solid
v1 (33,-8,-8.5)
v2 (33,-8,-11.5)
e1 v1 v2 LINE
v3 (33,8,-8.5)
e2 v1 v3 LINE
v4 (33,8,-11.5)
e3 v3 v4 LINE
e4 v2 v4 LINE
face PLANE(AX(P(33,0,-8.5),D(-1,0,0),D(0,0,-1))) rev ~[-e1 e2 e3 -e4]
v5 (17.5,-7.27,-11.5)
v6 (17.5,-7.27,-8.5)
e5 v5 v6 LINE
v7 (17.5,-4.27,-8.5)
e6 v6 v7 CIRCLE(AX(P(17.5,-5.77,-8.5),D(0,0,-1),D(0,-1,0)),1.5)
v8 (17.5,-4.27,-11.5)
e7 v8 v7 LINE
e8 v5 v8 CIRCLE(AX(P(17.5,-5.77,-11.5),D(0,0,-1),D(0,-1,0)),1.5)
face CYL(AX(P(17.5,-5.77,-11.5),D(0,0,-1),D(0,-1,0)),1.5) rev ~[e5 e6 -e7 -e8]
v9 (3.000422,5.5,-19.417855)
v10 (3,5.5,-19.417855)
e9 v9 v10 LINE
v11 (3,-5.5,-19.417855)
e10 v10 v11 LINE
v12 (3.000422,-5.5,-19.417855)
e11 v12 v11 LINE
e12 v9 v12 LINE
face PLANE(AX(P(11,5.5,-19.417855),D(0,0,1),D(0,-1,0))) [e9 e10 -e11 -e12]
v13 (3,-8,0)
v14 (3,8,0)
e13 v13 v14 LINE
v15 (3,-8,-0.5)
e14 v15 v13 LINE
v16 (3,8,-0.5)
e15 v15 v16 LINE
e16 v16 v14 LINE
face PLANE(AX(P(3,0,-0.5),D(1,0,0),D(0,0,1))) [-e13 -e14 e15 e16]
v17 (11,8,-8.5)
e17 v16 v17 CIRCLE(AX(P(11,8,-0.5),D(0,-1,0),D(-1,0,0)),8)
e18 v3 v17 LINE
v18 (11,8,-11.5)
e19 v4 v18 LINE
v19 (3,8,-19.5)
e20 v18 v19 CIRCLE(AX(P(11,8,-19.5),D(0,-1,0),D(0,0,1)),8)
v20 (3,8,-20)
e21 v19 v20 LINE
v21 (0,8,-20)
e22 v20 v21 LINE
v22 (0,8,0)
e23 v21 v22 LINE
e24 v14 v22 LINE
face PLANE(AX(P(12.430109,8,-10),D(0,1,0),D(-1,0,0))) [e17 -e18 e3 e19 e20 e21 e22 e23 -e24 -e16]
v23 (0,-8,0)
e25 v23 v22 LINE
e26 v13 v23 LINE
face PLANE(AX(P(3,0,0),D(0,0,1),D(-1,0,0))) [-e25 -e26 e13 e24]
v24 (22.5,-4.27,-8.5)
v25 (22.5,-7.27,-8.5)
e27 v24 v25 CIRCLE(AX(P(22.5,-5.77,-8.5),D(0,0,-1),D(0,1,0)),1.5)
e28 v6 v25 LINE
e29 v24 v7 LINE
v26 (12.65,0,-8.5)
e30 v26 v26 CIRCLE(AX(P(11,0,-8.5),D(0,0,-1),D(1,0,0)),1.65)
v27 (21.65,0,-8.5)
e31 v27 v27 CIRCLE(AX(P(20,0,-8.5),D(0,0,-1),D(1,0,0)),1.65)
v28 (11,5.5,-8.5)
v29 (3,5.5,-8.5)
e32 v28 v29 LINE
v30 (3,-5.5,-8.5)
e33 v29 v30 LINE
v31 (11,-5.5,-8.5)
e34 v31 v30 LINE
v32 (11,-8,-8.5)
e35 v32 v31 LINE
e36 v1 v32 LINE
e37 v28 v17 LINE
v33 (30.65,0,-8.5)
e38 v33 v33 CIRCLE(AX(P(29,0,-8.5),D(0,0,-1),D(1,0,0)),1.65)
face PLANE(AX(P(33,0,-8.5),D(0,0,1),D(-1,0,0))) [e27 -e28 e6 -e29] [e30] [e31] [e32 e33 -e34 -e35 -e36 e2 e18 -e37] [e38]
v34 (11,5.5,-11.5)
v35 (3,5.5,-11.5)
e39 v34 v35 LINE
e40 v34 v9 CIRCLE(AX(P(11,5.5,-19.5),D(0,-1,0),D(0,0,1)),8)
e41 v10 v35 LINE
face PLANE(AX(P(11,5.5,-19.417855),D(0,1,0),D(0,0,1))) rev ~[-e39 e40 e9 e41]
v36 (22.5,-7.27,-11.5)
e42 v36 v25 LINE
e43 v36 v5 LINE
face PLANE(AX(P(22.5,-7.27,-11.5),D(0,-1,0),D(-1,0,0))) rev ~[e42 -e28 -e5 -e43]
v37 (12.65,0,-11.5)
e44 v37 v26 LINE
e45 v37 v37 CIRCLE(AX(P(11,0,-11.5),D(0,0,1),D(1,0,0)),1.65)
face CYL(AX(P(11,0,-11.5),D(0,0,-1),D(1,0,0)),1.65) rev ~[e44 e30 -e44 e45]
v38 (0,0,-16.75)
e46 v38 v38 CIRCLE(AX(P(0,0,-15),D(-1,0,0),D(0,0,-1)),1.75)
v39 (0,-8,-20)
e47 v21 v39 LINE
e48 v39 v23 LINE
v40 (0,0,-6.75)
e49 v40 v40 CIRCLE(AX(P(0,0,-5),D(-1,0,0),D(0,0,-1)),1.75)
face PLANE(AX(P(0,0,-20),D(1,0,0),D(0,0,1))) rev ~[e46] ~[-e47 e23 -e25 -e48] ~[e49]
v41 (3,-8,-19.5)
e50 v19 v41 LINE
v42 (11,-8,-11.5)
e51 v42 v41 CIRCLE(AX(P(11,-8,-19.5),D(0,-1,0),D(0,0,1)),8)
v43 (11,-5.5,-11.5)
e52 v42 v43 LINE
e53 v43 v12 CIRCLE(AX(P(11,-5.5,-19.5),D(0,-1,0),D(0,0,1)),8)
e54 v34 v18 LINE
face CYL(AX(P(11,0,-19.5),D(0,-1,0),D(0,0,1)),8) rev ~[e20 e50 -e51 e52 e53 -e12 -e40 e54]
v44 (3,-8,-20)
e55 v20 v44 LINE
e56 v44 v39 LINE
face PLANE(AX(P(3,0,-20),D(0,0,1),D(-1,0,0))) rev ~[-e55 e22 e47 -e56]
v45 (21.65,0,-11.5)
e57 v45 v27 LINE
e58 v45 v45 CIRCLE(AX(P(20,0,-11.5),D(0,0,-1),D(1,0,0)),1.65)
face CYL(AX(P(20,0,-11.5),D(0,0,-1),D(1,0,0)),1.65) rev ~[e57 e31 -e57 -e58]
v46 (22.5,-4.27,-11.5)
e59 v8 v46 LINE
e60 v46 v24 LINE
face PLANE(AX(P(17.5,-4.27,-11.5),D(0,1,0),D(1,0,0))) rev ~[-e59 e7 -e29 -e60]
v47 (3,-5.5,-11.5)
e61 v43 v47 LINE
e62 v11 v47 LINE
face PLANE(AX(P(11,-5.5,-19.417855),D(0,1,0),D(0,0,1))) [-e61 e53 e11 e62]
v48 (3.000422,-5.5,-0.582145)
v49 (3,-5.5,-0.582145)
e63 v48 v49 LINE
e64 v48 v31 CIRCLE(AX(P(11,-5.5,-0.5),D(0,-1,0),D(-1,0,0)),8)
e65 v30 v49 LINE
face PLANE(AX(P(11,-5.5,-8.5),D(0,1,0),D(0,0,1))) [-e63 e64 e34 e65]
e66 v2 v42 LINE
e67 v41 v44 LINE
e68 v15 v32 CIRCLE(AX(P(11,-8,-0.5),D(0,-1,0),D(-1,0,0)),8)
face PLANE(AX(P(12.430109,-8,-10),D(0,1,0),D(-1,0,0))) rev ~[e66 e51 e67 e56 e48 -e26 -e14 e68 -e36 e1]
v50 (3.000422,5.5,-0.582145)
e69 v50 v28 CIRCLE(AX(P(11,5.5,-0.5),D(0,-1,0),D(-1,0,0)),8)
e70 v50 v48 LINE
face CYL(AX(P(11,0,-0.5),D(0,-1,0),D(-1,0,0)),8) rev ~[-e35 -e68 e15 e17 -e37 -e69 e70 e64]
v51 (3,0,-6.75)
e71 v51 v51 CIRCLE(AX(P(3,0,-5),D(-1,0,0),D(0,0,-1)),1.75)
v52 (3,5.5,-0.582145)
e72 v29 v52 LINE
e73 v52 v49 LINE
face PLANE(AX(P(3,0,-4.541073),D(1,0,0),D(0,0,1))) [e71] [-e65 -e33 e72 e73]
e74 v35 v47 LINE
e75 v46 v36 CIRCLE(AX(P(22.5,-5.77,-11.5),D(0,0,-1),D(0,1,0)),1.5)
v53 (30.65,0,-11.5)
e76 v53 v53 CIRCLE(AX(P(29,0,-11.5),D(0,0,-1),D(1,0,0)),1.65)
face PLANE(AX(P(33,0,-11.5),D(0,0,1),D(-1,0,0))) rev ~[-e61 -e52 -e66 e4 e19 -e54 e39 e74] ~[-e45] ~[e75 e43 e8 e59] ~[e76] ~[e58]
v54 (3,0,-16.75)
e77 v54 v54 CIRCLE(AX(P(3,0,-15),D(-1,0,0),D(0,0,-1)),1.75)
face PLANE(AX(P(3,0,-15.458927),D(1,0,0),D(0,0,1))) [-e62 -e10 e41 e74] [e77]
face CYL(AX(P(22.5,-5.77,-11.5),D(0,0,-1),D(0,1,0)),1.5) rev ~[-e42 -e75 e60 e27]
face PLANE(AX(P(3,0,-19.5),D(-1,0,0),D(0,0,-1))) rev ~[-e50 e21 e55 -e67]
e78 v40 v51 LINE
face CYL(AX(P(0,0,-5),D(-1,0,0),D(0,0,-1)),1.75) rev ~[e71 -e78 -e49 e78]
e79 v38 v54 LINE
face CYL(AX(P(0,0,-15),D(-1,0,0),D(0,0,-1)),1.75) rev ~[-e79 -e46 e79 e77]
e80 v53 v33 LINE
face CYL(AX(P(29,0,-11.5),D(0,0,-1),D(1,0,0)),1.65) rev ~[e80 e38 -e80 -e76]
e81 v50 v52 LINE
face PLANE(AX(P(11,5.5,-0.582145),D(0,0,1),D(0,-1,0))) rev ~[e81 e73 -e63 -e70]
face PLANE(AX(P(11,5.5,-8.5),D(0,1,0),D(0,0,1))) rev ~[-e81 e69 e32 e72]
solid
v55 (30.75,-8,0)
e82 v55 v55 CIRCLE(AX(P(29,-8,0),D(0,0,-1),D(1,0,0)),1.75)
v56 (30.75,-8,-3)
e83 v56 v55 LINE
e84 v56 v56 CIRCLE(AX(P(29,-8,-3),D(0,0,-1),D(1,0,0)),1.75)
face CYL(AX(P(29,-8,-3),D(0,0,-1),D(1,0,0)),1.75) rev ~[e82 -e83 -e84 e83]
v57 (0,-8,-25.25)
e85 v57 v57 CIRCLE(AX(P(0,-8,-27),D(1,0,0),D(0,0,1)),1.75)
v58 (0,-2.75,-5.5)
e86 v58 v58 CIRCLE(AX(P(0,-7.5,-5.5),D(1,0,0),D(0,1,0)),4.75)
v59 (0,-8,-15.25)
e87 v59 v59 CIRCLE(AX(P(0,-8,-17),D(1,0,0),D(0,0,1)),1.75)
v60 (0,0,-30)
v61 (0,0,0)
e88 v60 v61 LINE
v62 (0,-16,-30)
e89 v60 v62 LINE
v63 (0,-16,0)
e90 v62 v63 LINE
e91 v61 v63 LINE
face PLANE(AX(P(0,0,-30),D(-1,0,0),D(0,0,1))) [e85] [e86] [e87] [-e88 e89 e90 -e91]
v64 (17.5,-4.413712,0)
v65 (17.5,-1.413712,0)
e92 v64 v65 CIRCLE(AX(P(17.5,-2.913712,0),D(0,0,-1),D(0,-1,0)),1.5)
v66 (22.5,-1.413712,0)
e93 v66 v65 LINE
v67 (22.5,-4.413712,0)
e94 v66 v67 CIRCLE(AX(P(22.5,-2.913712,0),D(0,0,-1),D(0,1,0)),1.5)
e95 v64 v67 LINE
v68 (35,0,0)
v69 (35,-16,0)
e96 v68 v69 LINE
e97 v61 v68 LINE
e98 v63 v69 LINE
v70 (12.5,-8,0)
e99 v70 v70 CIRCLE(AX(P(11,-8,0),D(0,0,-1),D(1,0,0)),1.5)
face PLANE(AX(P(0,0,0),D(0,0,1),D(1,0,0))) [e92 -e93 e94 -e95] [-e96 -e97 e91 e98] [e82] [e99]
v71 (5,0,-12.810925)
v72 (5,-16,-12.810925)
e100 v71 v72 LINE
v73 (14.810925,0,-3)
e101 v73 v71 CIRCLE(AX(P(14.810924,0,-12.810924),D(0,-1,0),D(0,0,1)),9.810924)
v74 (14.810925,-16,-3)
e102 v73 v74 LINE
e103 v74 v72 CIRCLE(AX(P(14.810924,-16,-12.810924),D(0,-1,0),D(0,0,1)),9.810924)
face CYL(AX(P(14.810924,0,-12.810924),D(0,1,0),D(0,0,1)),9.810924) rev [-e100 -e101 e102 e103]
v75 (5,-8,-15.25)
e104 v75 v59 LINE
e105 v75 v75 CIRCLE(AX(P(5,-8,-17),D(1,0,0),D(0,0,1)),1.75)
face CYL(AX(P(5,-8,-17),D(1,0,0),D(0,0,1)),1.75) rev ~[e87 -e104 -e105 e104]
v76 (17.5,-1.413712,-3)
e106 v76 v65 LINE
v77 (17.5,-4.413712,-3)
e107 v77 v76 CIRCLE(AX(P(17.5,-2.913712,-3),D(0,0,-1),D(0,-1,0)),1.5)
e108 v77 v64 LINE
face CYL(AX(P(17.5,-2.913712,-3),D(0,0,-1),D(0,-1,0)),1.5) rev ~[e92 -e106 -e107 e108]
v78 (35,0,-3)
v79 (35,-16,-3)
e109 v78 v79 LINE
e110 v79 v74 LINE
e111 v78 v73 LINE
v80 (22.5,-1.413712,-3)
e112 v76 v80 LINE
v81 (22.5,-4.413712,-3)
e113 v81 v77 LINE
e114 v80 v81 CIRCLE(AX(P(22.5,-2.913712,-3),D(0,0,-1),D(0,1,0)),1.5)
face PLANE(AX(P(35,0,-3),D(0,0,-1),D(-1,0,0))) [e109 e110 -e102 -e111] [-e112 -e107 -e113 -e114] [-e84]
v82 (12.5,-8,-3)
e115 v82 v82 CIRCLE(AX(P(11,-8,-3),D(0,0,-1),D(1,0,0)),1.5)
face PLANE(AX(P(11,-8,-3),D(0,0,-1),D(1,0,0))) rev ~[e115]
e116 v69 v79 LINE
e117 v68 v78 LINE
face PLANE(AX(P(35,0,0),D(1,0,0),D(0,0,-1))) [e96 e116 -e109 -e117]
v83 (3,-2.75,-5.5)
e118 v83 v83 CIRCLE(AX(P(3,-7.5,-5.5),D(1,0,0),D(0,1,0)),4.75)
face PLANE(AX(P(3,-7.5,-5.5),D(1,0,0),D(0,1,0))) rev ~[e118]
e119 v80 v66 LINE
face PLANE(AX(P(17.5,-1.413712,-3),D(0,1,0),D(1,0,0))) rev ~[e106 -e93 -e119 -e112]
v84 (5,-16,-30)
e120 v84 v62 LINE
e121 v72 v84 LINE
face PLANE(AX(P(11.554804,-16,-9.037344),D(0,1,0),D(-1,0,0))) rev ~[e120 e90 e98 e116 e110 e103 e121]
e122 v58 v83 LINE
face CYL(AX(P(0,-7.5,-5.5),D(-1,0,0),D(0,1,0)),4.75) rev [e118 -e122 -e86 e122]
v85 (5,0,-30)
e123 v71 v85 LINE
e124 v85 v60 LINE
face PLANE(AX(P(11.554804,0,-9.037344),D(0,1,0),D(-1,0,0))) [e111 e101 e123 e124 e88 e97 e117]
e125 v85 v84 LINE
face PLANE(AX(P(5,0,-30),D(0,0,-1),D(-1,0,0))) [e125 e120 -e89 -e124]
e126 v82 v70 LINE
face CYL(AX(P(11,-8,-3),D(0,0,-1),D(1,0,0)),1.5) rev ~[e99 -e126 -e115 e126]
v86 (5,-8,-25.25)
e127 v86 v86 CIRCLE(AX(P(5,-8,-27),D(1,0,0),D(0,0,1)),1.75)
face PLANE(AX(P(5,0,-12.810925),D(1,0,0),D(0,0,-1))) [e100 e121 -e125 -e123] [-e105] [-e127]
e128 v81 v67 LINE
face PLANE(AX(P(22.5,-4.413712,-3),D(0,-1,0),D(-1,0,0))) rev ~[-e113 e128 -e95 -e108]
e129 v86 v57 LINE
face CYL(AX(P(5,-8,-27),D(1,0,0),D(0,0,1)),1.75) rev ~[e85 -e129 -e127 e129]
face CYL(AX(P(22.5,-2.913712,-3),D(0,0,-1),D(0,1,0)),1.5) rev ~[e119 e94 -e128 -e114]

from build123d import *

# Parameters (mm, degrees)
PAD_DEPTH       = 8
SKETCH001_R     = 1.65
POCKET_DEPTH    = 11.501
SKETCH002_R     = 1.75
POCKET001_DEPTH = 33.001
SKETCH004_W     = 7.917855
SKETCH004_H     = 11
POCKET003_DEPTH = 8
PAD001_DEPTH    = 16
SKETCH006_R     = 1.5
SKETCH006_R_2   = 1.75
POCKET004_DEPTH = 3.001
SKETCH007_R     = 1.75
POCKET005_DEPTH = 5.001
SKETCH003_R     = 4.75
POCKET002_DEPTH = 3


with BuildPart() as touch_bracket_middle:
    # Sketch → Pad (new body, symmetric)
    with BuildSketch(Plane.XZ):
        with BuildLine():
            Line((0, -20), (0, 0))
            Line((3, 0), (0, 0))
            Line((3, -0.5), (3, 0))
            ThreePointArc((3, -0.5), (5.3431457505, -6.1568542495), (11, -8.5))
            Line((33, -8.5), (11, -8.5))
            Line((33, -8.5), (33, -11.5))
            Line((33, -11.5), (11, -11.5))
            ThreePointArc((11, -11.5), (5.3431457505, -13.8431457505), (3, -19.5))
            Line((3, -19.5), (3, -20))
            Line((3, -20), (0, -20))
        make_face()
    extrude(amount=PAD_DEPTH, both=True)

    # Sketch001 (on Face2 of Pad) → Pocket (cut, through all)
    with BuildSketch(Plane(origin=(0, 0, -11.5), x_dir=(1, 0, 0), z_dir=(0, 0, -1))):
        with Locations((11, 0)):
            Circle(SKETCH001_R)
        with Locations((29, 0)):
            Circle(SKETCH001_R)
        with Locations((20, 0)):
            Circle(SKETCH001_R)
        with BuildLine():
            ThreePointArc((17.5, 7.27), (16, 5.77), (17.5, 4.27))
            Line((17.5, 4.27), (22.5, 4.27))
            ThreePointArc((22.5, 4.27), (24, 5.77), (22.5, 7.27))
            Line((22.5, 7.27), (17.5, 7.27))
        make_face()
    extrude(amount=-POCKET_DEPTH, mode=Mode.SUBTRACT)

    # Sketch002 (on Face17 of Pocket) → Pocket001 (cut, through all)
    with BuildSketch(Plane(origin=(0, 0, 0), x_dir=(0, 0, -1), z_dir=(-1, 0, 0))):
        with Locations((15, 0)):
            Circle(SKETCH002_R)
        with Locations((5, 0)):
            Circle(SKETCH002_R)
    extrude(amount=-POCKET001_DEPTH, mode=Mode.SUBTRACT)

    # Sketch004 → Pocket003 (cut)
    with BuildSketch(Plane(origin=(11, 0, 0), x_dir=(0, 0, 1), z_dir=(1, 0, 0))):
        with Locations((-4.5410725, 0)):
            Rectangle(SKETCH004_W, SKETCH004_H)
        with Locations((-15.4589275, 0)):
            Rectangle(SKETCH004_W, SKETCH004_H)
    extrude(amount=-POCKET003_DEPTH, mode=Mode.SUBTRACT)


with BuildPart() as touch_bracket_high:
    # Sketch005 → Pad001 (new body)
    with BuildSketch(Plane.XZ):
        with BuildLine():
            Line((0, -30), (0, 0))
            Line((0, 0), (35, 0))
            Line((35, 0), (35, -3))
            Line((35, -3), (14.8109245, -3))
            ThreePointArc((14.8109245, -3), (7.8735532563, -5.8735532563), (5, -12.8109245))
            Line((5, -12.8109245), (5, -30))
            Line((5, -30), (0, -30))
        make_face()
    extrude(amount=PAD001_DEPTH)

    # Sketch006 (on Face4 of Pad001) → Pocket004 (cut, through all)
    with BuildSketch(Plane(origin=(0, 0, -3), x_dir=(1, 0, 0), z_dir=(0, 0, -1))):
        with Locations((11, 8)):
            Circle(SKETCH006_R)
        with Locations((29, 8)):
            Circle(SKETCH006_R_2)
        with BuildLine():
            ThreePointArc((17.5, 4.4137121897), (16, 2.9137121897), (17.5, 1.4137121897))
            Line((17.5, 1.4137121897), (22.5, 1.4137121897))
            ThreePointArc((22.5, 1.4137121897), (24, 2.9137121897), (22.5, 4.4137121897))
            Line((22.5, 4.4137121897), (17.5, 4.4137121897))
        make_face()
    extrude(amount=-POCKET004_DEPTH, mode=Mode.SUBTRACT)

    # Sketch007 (on Face6 of Pocket004) → Pocket005 (cut, through all)
    with BuildSketch(Plane(origin=(5, 0, 0), x_dir=(0, 0, 1), z_dir=(1, 0, 0))):
        with Locations((-17, 8)):
            Circle(SKETCH007_R)
        with Locations((-27, 8)):
            Circle(SKETCH007_R)
    extrude(amount=-POCKET005_DEPTH, mode=Mode.SUBTRACT)

    # Sketch003 → Pocket002 (cut)
    with BuildSketch(Plane.YZ):
        with Locations((-7.5, -5.5)):
            Circle(SKETCH003_R)
    extrude(amount=POCKET002_DEPTH, mode=Mode.SUBTRACT)


solid = Compound([touch_bracket_middle.part, touch_bracket_high.part])
